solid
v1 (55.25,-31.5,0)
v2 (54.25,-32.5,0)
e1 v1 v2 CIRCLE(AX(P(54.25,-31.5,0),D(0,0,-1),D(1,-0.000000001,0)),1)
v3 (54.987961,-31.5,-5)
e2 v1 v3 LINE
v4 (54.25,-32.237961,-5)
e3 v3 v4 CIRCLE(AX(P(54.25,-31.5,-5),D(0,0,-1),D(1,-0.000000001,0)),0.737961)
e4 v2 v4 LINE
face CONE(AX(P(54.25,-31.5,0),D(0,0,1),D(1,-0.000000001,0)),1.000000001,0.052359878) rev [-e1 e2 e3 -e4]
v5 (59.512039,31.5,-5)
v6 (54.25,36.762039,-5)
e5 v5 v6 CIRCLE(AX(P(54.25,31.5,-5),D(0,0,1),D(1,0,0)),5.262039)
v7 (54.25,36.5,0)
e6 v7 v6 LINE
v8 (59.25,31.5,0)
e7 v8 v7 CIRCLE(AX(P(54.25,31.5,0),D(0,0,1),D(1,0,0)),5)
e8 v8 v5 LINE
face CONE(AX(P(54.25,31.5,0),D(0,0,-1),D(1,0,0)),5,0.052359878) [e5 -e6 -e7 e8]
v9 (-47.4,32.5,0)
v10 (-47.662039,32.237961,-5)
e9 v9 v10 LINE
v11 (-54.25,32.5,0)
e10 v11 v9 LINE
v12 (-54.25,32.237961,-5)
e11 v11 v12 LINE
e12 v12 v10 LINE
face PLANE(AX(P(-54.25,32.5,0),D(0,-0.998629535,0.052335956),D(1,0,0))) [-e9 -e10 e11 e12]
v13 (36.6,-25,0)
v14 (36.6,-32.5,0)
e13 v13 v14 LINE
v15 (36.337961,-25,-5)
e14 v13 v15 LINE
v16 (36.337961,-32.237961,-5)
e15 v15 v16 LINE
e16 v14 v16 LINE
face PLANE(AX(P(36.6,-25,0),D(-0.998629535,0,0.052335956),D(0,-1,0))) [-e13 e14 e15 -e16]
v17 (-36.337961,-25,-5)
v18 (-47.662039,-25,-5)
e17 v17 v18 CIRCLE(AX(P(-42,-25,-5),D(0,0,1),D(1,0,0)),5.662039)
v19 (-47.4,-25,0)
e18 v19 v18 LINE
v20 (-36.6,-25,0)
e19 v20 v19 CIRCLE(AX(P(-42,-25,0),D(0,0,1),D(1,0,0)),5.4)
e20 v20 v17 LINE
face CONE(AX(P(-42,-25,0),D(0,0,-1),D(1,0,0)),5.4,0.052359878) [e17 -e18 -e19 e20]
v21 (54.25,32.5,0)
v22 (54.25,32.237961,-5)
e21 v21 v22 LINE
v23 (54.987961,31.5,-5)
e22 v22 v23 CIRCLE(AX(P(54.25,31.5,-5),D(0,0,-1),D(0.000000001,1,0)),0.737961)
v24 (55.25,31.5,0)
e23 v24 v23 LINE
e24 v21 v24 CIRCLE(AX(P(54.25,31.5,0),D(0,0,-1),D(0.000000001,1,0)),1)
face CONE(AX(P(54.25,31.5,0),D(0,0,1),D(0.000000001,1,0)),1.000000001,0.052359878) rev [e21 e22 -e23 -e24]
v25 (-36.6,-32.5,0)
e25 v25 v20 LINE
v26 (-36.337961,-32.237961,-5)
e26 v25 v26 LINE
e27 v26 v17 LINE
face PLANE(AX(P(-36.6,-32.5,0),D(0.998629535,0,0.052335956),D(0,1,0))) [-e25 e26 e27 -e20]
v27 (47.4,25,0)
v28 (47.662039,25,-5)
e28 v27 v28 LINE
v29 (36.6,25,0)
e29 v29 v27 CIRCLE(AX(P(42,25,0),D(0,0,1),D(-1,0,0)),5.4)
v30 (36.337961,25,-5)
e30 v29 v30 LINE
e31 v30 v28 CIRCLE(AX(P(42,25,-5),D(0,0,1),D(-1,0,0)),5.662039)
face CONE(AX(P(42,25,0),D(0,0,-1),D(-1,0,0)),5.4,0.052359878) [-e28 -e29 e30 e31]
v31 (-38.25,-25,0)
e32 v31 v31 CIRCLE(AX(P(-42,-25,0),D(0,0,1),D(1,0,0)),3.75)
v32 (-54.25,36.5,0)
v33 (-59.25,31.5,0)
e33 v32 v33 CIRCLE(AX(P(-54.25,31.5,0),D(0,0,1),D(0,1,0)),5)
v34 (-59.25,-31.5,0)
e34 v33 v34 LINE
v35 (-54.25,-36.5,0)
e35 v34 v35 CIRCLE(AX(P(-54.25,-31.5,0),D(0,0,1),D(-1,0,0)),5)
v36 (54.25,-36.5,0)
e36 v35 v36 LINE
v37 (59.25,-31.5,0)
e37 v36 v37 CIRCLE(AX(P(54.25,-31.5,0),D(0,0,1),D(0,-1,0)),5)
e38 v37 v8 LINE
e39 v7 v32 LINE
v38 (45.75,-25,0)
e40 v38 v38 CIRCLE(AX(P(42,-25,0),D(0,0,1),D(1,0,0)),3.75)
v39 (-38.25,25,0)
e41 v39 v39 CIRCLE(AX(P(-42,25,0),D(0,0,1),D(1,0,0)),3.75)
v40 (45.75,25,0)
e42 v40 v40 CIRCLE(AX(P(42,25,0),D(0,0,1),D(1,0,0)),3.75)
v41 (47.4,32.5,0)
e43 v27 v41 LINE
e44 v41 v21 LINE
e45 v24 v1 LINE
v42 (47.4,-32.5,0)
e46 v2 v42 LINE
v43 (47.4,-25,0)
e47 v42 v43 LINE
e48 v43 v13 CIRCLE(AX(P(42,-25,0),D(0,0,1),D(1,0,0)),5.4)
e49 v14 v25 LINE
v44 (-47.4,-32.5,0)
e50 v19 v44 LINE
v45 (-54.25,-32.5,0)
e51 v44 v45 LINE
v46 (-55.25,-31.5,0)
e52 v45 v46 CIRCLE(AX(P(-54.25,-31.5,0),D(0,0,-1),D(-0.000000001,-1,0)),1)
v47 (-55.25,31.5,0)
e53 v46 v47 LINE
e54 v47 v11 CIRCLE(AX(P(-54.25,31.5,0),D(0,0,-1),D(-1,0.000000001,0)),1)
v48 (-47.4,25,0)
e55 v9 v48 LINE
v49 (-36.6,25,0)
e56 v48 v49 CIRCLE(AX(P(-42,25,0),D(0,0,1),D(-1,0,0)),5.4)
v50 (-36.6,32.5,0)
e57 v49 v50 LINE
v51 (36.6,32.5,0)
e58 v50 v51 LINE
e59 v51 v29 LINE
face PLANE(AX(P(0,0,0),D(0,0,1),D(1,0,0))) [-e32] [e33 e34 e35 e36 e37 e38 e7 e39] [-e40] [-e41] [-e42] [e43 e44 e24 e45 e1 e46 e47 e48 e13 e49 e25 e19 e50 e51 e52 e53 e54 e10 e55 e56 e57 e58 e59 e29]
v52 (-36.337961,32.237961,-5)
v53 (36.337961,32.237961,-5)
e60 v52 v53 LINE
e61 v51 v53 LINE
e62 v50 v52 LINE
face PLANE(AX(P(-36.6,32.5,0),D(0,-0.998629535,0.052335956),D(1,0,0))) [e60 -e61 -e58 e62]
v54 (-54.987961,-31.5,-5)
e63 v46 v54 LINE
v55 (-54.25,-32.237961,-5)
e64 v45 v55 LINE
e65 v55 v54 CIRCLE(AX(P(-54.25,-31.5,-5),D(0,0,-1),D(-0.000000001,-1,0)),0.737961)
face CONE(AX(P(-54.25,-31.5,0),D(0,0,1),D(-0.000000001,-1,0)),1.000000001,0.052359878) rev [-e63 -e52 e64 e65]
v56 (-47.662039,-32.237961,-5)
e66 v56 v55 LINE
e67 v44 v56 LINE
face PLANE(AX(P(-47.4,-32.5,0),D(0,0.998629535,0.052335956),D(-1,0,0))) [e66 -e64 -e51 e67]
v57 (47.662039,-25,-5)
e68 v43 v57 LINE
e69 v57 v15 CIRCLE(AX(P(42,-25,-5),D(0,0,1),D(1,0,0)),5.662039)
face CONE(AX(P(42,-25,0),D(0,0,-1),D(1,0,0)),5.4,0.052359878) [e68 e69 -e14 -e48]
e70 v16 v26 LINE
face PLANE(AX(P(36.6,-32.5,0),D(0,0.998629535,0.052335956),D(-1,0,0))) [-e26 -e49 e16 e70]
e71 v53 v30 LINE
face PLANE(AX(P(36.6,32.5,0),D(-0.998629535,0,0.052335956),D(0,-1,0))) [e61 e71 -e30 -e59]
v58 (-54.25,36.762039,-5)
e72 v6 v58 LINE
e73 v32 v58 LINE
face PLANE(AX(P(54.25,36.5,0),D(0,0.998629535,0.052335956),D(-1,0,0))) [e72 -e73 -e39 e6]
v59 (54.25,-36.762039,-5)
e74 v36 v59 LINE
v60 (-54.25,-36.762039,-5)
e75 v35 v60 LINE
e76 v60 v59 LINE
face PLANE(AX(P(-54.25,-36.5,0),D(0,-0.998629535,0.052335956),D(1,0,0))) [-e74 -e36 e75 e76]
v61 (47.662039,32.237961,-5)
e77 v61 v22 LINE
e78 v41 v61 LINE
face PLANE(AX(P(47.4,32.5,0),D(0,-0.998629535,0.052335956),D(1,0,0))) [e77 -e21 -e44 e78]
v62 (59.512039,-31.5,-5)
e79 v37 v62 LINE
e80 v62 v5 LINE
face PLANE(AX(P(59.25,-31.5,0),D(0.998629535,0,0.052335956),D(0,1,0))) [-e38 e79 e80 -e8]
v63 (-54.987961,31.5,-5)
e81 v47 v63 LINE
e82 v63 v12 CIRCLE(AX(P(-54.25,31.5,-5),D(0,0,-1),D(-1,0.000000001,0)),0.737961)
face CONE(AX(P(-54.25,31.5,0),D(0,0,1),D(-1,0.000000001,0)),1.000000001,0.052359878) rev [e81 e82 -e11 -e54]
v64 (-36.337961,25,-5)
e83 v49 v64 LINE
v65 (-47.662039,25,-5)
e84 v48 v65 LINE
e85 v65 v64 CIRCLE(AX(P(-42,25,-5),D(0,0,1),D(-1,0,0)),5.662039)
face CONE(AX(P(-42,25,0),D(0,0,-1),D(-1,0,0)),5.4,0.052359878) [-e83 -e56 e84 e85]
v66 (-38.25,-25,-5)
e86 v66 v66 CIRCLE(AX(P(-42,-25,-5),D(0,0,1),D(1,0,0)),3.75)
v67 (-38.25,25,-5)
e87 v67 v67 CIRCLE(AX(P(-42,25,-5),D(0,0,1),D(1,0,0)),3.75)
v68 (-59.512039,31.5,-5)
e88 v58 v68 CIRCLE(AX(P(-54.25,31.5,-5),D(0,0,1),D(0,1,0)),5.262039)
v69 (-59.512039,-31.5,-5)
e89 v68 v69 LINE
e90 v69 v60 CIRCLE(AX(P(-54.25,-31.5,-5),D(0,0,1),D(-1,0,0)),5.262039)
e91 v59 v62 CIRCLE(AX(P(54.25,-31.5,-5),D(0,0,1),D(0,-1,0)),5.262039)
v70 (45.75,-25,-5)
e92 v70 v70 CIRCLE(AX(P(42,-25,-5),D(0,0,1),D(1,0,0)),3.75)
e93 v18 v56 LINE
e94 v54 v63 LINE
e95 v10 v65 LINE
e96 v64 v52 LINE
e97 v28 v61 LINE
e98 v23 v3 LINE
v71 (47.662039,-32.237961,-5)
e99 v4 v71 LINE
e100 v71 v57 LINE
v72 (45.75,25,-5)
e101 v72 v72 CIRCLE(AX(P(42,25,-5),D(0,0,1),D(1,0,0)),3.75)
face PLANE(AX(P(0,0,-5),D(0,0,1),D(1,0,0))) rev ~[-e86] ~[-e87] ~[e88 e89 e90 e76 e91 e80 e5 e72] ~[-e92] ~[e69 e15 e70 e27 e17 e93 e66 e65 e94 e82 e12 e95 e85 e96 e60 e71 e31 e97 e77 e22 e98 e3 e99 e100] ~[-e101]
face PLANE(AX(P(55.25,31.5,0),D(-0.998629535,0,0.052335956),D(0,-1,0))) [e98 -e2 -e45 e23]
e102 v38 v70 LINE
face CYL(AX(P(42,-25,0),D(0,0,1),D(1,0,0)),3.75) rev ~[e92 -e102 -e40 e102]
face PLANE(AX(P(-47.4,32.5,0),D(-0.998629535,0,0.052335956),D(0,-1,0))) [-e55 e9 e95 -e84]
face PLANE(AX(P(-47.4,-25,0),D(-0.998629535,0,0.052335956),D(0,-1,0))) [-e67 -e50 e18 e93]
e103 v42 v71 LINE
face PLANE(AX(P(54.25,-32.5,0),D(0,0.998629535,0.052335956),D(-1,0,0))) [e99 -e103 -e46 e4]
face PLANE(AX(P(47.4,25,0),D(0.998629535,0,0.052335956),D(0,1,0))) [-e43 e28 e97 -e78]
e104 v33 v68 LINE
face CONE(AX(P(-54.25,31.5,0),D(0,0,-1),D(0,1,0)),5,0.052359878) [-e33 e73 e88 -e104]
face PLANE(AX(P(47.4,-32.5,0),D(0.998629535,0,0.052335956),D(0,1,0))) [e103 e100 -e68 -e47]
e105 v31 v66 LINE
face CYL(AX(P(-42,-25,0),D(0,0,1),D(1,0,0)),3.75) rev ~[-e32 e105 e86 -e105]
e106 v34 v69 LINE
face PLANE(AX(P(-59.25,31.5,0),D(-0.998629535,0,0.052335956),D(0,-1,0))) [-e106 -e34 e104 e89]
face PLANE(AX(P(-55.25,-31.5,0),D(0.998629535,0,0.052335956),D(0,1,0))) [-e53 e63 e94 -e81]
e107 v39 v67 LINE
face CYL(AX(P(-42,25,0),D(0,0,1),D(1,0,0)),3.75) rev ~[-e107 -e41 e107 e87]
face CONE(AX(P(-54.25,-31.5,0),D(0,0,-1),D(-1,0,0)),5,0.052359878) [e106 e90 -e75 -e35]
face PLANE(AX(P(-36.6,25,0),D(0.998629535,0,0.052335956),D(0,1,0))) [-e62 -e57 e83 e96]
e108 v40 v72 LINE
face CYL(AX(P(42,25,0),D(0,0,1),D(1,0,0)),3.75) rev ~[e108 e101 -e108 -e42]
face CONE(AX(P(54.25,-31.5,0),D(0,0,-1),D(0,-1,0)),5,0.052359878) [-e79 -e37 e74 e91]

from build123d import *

# Parameters (mm, degrees)
EXTRUDE_5_DEPTH     = 5
EXTRUDE_5_DRAFT     = 3
SKETCH_1_9_R        = 3.75
CUT_EXTRUDE_1_DEPTH = 71.129382412


with BuildPart() as part:
    # ｽｹｯﾁ1 → ﾎﾞｽ - 押し出し5 (with draft: the straight prism first)
    with BuildSketch(Plane.XY):
        with BuildLine():
            ThreePointArc((-59.25, -31.5), (-57.785533906, -35.035533906), (-54.25, -36.5))
            Line((-54.25, -36.5), (54.25, -36.5))
            ThreePointArc((54.25, -36.5), (57.785533906, -35.035533906), (59.25, -31.5))
            Line((59.25, -31.5), (59.25, 31.5))
            ThreePointArc((59.25, 31.5), (57.785533906, 35.035533906), (54.25, 36.5))
            Line((54.25, 36.5), (-54.25, 36.5))
            ThreePointArc((-54.25, 36.5), (-57.785533906, 35.035533906), (-59.25, 31.5))
            Line((-59.25, 31.5), (-59.25, -31.5))
        make_face()
        with BuildLine():
            Line((-54.25, 32.5), (-47.4, 32.5))
            Line((-47.4, 32.5), (-47.4, 25))
            ThreePointArc((-47.4, 25), (-42, 19.6), (-36.6, 25))
            Line((-36.6, 25), (-36.6, 32.5))
            Line((-36.6, 32.5), (36.6, 32.5))
            Line((36.6, 32.5), (36.6, 25))
            ThreePointArc((36.6, 25), (42, 19.6), (47.4, 25))
            Line((47.4, 25), (47.4, 32.5))
            Line((47.4, 32.5), (54.25, 32.5))
            ThreePointArc((54.25, 32.5), (54.957106781, 32.207106781), (55.25, 31.5))
            Line((55.25, 31.5), (55.25, -31.5))
            ThreePointArc((55.25, -31.5), (54.957106781, -32.207106781), (54.25, -32.5))
            Line((54.25, -32.5), (47.4, -32.5))
            Line((47.4, -32.5), (47.4, -25))
            ThreePointArc((47.4, -25), (42, -19.6), (36.6, -25))
            Line((36.6, -25), (36.6, -32.5))
            Line((36.6, -32.5), (-36.6, -32.5))
            Line((-36.6, -32.5), (-36.6, -25))
            ThreePointArc((-36.6, -25), (-42, -19.6), (-47.4, -25))
            Line((-47.4, -25), (-47.4, -32.5))
            Line((-47.4, -32.5), (-54.25, -32.5))
            ThreePointArc((-54.25, -32.5), (-54.957106781, -32.207106781), (-55.25, -31.5))
            Line((-55.25, -31.5), (-55.25, 31.5))
            ThreePointArc((-55.25, 31.5), (-54.957106781, 32.207106781), (-54.25, 32.5))
        make_face(mode=Mode.SUBTRACT)
    extrude(amount=-EXTRUDE_5_DEPTH)
    # ﾎﾞｽ - 押し出し5: the draft: its side faces are tilted about the plane it starts from
    extrude_5_sides = [part.faces().sort_by_distance(p)[0] for p in [
        (-57.785533906, -35.035533906, -2.5),
        (0, -36.5, -2.5),
        (57.785533906, -35.035533906, -2.5),
        (59.25, 0, -2.5),
        (57.785533906, 35.035533906, -2.5),
        (0, 36.5, -2.5),
        (-57.785533906, 35.035533906, -2.5),
        (-59.25, 0, -2.5),
        (-50.825, 32.5, -2.5),
        (-47.4, 28.75, -2.5),
        (-42, 19.6, -2.5),
        (-36.6, 28.75, -2.5),
        (0, 32.5, -2.5),
        (36.6, 28.75, -2.5),
        (42, 19.6, -2.5),
        (47.4, 28.75, -2.5),
        (50.825, 32.5, -2.5),
        (54.957106781, 32.207106781, -2.5),
        (55.25, 0, -2.5),
        (54.957106781, -32.207106781, -2.5),
        (50.825, -32.5, -2.5),
        (47.4, -28.75, -2.5),
        (42, -19.6, -2.5),
        (36.6, -28.75, -2.5),
        (0, -32.5, -2.5),
        (-36.6, -28.75, -2.5),
        (-42, -19.6, -2.5),
        (-47.4, -28.75, -2.5),
        (-50.825, -32.5, -2.5),
        (-54.957106781, -32.207106781, -2.5),
        (-55.25, 0, -2.5),
        (-54.957106781, 32.207106781, -2.5),
    ]]
    draft(extrude_5_sides, Plane.XY, EXTRUDE_5_DRAFT)

    # ｽｹｯﾁ1<9> → ｶｯﾄ - 押し出し1 (cut, through all)
    with BuildSketch(Plane.XY):
        with Locations((-42, 25)):
            Circle(SKETCH_1_9_R)
        with Locations((-42, -25)):
            Circle(SKETCH_1_9_R)
        with Locations((42, -25)):
            Circle(SKETCH_1_9_R)
        with Locations((42, 25)):
            Circle(SKETCH_1_9_R)
    extrude(amount=-CUT_EXTRUDE_1_DEPTH, mode=Mode.SUBTRACT)


solid = part.part
